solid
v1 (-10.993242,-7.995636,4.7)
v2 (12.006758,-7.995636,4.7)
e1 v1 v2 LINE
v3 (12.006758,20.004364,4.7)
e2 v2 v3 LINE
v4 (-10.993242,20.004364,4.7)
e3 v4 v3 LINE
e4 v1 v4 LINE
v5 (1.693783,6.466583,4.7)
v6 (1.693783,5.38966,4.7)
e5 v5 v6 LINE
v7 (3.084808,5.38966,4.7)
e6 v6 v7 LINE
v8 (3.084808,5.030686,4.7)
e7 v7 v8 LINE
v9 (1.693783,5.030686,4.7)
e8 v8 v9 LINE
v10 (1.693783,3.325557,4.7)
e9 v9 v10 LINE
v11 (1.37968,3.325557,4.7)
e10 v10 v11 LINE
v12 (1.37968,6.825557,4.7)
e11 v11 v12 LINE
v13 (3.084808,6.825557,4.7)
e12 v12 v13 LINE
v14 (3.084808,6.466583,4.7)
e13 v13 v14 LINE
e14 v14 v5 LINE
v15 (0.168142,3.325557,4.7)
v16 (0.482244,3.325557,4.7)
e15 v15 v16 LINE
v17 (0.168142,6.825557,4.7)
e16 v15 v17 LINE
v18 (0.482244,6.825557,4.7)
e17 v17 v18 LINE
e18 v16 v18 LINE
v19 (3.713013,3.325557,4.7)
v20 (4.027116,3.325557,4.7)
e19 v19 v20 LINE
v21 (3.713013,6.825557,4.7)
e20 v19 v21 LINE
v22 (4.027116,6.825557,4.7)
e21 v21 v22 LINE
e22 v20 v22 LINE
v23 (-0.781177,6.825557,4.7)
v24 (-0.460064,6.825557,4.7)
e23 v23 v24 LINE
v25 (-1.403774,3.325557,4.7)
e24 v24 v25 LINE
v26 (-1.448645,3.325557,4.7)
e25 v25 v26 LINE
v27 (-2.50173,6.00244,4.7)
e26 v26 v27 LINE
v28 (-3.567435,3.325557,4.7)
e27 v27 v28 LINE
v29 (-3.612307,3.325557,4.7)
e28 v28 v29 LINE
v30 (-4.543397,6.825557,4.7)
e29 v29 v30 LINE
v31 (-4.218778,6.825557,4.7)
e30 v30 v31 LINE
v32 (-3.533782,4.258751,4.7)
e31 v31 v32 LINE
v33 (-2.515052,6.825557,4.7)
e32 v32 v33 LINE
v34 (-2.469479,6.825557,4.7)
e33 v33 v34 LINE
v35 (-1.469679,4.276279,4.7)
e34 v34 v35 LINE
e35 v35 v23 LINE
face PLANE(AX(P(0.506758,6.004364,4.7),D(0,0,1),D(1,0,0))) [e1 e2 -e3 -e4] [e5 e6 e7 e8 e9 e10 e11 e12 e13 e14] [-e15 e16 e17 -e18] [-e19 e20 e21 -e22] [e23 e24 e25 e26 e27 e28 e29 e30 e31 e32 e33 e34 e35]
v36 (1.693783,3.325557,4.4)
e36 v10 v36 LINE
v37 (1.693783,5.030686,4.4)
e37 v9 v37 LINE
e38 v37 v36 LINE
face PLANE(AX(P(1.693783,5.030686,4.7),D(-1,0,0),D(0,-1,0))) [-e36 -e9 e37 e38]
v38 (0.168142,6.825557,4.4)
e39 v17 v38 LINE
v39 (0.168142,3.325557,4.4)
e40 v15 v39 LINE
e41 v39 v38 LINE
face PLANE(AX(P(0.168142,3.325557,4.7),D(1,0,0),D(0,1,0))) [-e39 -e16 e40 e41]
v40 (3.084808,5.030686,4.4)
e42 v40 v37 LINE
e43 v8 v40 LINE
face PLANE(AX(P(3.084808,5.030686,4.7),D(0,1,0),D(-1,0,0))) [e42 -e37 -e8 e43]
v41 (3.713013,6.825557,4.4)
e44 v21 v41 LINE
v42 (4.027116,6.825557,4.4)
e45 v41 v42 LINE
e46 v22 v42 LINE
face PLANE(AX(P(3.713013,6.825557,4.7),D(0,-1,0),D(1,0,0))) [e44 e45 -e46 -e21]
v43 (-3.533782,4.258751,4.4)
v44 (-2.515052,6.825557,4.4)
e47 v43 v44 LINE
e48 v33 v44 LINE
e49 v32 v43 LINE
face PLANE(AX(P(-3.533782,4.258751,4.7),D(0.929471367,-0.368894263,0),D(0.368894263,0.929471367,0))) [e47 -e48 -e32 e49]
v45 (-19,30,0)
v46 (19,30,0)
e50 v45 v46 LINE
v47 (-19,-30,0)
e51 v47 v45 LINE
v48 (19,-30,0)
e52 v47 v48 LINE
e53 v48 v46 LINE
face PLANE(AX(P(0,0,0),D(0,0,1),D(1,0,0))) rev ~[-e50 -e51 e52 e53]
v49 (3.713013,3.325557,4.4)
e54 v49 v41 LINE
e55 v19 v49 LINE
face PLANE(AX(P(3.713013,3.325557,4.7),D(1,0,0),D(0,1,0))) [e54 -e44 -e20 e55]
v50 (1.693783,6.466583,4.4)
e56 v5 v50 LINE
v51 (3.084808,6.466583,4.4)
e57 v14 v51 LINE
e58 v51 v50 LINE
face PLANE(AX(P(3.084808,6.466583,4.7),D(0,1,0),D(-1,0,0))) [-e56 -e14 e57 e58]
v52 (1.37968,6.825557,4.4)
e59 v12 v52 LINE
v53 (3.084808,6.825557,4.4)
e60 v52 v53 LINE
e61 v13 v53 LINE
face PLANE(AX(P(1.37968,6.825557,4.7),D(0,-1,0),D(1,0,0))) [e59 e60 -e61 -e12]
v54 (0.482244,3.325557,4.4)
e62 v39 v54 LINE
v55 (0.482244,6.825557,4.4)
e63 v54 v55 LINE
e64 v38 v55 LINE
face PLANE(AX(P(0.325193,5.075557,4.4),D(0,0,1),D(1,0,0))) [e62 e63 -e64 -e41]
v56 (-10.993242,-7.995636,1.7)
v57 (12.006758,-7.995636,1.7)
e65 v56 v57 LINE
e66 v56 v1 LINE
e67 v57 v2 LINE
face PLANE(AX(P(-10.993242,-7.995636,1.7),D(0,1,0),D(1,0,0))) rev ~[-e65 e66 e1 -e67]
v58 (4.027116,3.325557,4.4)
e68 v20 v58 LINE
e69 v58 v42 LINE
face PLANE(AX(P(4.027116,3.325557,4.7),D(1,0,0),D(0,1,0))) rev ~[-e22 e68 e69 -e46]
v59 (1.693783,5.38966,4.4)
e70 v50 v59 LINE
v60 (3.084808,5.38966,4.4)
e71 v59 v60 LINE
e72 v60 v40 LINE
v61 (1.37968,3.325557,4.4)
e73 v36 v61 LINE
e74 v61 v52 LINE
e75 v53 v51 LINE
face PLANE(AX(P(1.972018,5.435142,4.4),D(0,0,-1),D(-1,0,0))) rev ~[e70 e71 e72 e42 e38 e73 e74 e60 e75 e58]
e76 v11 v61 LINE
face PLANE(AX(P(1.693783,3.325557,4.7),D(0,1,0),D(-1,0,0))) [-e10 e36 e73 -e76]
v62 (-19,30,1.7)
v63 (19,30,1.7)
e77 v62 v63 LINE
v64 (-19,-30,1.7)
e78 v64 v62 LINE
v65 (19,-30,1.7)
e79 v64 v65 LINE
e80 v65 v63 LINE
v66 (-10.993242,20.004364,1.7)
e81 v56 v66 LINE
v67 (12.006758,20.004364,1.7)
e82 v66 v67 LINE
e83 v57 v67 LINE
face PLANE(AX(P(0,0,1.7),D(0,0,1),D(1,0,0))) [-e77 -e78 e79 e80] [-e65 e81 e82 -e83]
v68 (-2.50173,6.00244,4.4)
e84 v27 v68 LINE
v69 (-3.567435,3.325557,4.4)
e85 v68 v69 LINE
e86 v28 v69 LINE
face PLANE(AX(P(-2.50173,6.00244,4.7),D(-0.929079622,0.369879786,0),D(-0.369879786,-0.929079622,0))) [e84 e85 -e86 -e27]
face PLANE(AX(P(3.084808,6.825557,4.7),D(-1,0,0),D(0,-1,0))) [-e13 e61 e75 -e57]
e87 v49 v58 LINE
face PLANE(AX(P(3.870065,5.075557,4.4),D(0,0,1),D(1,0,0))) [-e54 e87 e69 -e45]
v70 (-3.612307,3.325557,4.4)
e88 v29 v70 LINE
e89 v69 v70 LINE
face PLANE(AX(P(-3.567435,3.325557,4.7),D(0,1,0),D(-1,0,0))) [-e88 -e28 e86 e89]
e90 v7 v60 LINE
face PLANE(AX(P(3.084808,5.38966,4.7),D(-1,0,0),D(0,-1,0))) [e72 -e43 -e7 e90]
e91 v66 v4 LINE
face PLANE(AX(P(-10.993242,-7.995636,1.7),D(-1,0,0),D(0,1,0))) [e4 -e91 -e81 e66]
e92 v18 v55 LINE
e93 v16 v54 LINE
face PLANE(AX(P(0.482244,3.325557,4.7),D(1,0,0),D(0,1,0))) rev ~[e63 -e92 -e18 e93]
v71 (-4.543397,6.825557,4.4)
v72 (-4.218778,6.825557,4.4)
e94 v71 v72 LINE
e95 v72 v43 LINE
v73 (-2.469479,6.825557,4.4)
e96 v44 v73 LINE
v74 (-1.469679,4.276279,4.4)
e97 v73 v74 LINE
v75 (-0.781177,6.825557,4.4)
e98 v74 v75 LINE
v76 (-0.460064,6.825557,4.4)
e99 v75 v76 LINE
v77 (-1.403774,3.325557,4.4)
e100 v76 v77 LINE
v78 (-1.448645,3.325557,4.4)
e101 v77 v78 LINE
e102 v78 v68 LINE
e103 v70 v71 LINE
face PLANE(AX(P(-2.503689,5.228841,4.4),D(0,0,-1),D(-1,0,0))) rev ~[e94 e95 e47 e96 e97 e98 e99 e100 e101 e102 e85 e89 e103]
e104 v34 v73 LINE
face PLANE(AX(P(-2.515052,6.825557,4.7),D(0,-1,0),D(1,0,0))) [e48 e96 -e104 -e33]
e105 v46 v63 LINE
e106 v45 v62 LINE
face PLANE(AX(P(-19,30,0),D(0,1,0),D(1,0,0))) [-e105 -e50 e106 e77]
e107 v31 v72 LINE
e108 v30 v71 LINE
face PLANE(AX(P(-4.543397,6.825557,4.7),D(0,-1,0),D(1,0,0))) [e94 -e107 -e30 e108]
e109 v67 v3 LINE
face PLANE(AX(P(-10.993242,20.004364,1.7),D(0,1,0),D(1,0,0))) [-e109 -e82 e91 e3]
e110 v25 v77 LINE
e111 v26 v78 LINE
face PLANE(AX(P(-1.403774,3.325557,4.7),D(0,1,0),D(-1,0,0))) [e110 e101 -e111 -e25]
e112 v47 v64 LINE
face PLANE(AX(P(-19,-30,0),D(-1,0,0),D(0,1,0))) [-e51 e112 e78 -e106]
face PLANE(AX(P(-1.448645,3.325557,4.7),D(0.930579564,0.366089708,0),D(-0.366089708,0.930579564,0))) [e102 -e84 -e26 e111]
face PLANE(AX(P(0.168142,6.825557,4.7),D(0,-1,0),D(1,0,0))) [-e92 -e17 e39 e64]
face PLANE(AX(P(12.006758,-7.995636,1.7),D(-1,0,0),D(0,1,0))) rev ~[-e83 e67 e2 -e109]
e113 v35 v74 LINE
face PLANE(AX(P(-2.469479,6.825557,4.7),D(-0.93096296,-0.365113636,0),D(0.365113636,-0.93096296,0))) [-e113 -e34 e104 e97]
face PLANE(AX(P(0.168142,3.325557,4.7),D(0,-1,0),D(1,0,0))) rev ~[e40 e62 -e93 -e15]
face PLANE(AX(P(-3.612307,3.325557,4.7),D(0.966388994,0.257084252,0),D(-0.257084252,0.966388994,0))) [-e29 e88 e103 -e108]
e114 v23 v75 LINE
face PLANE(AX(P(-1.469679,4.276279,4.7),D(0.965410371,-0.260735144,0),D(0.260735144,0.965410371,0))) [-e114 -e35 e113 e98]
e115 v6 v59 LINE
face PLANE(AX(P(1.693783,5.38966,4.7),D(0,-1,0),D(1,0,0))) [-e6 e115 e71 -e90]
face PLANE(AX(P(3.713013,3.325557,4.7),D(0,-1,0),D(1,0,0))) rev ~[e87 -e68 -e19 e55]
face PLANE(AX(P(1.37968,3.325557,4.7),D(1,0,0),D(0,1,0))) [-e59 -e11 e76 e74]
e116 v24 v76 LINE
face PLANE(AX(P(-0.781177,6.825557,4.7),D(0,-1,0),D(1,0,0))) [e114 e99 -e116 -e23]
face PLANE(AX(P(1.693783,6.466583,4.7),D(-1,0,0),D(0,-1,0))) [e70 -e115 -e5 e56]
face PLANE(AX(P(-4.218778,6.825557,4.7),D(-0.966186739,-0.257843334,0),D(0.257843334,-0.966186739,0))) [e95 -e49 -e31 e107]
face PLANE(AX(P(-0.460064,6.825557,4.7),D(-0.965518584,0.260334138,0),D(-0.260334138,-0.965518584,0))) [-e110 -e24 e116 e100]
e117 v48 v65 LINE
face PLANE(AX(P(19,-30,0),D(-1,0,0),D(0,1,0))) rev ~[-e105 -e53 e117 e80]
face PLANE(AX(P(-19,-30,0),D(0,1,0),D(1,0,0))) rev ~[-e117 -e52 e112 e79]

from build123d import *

# Parameters (mm, degrees)
SKETCH1_W           = 38
SKETCH1_H           = 60
BOSS_EXTRUDE1_DEPTH = 1.7
SKETCH3_W           = 23
SKETCH3_H           = 28
BOSS_EXTRUDE2_DEPTH = 3
SKETCH4_W           = 0.314102564
SKETCH4_H           = 3.5
CUT_EXTRUDE2_DEPTH  = 0.3


with BuildPart() as part:
    # Sketch1 → Boss-Extrude1 (new body)
    with BuildSketch(Plane.XY):
        Rectangle(SKETCH1_W, SKETCH1_H)
    extrude(amount=BOSS_EXTRUDE1_DEPTH)

    # Sketch3 → Boss-Extrude2 (add)
    with BuildSketch(Plane.XY.offset(1.7)):
        with Locations((0.506757991, 6.004364017)):
            Rectangle(SKETCH3_W, SKETCH3_H)
    extrude(amount=BOSS_EXTRUDE2_DEPTH)

    # Sketch4 → Cut-Extrude2 (cut)
    with BuildSketch(Plane.XY.offset(4.7)):
        Polygon((-4.543396912, 6.825557411), (-4.218777521, 6.825557411), (-3.533781527, 4.25875052), (-2.515051559, 6.825557411), (-2.469478643, 6.825557411), (-1.469678963, 4.276278565), (-0.781177361, 6.825557411), (-0.460063578, 6.825557411), (-1.403773514, 3.325557411), (-1.448645309, 3.325557411), (-2.501730245, 6.002440424), (-3.567435373, 3.325557411), (-3.612307168, 3.325557411), align=None)
        with Locations((0.325192832, 5.075557411)):
            Rectangle(SKETCH4_W, SKETCH4_H)
        Polygon((1.379680011, 6.825557411), (3.084808216, 6.825557411), (3.084808216, 6.466583052), (1.693782575, 6.466583052), (1.693782575, 5.389659975), (3.084808216, 5.389659975), (3.084808216, 5.030685616), (1.693782575, 5.030685616), (1.693782575, 3.325557411), (1.379680011, 3.325557411), align=None)
        with Locations((3.870064627, 5.075557411)):
            Rectangle(SKETCH4_W, SKETCH4_H)
    extrude(amount=-CUT_EXTRUDE2_DEPTH, mode=Mode.SUBTRACT)


solid = part.part
